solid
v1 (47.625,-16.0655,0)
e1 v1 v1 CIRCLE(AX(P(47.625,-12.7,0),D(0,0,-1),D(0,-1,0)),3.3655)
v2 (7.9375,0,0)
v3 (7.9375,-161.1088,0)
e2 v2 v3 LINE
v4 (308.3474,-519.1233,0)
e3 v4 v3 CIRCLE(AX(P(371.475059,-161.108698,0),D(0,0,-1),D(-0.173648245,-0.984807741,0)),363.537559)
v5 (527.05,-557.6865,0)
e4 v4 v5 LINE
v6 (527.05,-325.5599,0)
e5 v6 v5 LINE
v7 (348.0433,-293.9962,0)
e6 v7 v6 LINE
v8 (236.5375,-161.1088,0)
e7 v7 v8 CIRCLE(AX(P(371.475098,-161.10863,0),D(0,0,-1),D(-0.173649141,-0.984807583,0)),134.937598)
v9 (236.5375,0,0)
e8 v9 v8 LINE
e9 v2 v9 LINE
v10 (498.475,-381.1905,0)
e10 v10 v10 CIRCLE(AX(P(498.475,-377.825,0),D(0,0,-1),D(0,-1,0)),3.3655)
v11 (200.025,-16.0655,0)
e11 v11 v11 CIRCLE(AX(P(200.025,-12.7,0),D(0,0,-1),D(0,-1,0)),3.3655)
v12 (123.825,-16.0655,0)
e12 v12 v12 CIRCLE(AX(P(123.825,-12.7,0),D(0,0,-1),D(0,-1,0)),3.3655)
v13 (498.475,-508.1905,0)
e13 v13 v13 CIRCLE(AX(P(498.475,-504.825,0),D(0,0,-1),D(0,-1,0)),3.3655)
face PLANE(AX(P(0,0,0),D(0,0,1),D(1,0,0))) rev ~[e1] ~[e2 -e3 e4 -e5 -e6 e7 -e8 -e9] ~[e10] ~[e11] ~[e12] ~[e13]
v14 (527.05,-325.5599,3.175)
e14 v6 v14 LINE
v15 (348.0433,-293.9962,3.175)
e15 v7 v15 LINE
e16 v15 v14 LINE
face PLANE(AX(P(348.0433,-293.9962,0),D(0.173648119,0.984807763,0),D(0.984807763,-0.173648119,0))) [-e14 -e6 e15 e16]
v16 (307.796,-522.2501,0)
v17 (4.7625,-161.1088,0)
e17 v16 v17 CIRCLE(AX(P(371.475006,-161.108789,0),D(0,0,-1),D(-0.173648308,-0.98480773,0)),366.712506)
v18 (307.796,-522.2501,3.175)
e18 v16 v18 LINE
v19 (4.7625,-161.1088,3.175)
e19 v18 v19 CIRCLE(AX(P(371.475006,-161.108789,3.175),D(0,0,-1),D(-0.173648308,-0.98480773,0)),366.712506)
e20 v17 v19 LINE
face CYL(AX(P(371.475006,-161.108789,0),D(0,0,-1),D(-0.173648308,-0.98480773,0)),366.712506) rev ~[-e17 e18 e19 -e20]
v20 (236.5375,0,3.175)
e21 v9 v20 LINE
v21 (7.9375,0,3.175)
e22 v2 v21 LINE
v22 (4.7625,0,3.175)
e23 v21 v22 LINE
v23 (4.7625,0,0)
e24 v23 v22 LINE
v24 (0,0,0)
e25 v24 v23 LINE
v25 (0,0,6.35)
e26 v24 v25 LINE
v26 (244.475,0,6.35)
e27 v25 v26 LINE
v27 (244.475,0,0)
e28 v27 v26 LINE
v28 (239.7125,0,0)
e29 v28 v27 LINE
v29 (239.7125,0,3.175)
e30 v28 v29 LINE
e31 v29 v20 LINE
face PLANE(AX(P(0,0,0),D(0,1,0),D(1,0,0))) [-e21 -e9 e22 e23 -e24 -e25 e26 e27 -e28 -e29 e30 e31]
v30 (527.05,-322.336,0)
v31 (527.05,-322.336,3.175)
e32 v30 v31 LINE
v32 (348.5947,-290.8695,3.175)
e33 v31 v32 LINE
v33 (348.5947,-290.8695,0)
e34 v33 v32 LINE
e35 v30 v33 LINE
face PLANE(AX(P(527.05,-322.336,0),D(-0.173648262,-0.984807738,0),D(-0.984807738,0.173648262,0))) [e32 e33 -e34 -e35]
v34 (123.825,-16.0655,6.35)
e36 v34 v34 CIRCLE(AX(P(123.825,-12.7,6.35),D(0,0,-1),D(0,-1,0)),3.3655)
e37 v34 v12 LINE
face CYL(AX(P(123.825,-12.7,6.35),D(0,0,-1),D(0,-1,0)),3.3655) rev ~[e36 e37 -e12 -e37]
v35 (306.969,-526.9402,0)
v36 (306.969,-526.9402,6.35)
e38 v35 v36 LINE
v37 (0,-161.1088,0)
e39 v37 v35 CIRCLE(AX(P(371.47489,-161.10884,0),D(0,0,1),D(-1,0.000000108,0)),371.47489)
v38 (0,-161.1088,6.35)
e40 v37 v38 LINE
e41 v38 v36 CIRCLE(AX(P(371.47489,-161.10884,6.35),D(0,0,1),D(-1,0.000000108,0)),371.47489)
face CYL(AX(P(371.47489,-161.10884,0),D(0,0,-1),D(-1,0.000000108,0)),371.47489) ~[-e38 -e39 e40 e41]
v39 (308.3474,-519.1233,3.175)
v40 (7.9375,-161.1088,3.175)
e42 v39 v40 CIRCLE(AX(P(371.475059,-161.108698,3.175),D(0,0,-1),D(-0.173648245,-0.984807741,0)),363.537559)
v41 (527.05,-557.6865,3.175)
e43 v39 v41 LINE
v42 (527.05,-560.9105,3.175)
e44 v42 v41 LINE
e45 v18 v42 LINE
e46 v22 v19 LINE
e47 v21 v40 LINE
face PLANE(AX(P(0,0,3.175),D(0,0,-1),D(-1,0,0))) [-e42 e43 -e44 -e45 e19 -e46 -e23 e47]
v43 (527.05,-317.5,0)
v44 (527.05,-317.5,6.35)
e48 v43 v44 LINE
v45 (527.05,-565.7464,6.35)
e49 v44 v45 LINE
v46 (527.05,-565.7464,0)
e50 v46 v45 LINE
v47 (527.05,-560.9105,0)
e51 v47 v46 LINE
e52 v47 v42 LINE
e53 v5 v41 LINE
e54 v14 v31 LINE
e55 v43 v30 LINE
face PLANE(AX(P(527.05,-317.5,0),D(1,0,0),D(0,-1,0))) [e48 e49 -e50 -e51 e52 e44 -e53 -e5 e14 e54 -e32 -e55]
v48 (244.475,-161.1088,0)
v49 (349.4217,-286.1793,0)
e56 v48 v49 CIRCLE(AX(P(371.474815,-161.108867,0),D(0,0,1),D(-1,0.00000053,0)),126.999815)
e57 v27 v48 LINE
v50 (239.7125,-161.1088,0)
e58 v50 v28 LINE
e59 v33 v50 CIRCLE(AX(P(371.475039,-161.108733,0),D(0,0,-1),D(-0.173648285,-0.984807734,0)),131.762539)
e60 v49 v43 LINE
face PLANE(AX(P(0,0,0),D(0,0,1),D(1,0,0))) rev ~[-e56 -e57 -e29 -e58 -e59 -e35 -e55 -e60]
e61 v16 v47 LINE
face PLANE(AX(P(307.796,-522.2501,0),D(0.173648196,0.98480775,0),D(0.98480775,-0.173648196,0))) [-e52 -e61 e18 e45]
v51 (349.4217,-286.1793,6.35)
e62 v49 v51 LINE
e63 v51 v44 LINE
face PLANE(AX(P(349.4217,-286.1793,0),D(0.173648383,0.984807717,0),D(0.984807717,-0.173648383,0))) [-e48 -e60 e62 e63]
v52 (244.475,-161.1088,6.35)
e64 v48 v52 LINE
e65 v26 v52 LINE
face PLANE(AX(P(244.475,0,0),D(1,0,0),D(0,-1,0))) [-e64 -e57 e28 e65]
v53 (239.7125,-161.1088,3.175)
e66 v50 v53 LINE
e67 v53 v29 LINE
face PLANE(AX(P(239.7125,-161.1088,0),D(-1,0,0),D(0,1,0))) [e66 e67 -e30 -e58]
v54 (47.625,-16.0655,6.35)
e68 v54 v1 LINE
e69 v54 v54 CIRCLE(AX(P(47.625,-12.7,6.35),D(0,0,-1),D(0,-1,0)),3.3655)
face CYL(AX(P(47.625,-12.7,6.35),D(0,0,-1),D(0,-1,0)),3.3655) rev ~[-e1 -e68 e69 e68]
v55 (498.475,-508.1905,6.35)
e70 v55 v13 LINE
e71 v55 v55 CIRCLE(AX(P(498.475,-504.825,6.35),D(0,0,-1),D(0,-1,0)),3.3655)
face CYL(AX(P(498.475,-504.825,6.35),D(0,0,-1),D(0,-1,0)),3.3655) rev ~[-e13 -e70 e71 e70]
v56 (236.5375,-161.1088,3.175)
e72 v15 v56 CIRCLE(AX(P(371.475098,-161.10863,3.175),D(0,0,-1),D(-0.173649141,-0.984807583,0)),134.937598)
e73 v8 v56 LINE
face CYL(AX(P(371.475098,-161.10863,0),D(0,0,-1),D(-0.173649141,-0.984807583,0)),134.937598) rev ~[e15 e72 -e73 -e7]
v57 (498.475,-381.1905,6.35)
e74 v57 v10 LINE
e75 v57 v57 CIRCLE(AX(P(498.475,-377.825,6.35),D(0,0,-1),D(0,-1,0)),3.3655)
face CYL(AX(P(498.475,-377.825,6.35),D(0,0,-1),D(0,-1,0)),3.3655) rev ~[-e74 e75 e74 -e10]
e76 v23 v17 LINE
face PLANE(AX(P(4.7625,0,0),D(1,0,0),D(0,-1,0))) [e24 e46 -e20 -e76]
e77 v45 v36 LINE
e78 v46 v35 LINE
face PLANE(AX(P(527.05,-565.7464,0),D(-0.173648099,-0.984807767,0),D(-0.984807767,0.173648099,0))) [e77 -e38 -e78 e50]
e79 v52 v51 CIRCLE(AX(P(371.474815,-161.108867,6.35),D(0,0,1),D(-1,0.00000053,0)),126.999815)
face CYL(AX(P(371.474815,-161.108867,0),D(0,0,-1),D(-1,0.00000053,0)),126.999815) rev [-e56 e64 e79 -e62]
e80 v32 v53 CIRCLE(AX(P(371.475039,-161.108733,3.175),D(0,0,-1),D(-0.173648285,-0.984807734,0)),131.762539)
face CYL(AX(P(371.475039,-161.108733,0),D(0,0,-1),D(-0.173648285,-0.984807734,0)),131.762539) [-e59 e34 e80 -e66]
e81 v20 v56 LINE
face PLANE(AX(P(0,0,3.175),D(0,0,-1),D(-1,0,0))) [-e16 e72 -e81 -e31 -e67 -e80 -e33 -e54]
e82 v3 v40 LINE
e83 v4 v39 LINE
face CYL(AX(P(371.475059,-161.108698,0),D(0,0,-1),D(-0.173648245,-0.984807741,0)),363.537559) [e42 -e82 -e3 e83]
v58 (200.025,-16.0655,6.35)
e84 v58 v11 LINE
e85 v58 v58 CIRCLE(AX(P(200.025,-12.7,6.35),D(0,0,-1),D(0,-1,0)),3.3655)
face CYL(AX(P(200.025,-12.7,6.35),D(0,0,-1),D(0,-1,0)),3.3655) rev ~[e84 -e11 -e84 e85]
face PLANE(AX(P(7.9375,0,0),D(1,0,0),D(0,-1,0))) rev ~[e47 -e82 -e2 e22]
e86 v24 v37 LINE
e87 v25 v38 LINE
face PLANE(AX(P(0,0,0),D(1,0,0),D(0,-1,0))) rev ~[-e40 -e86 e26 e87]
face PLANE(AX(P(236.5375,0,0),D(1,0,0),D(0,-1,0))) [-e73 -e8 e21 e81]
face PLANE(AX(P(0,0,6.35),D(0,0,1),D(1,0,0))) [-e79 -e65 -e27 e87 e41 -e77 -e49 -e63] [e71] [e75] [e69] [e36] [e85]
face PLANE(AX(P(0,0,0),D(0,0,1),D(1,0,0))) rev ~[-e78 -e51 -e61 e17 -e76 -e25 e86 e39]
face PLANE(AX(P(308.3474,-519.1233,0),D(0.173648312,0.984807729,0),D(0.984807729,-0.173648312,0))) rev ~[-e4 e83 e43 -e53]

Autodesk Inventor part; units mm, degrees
ref_plane "YZ Plane" through (0, 0, 0) normal (1, 0, 0) x (0, 1, 0)
ref_plane "XZ Plane" through (0, 0, 0) normal (0, 1, 0) x (-1, 0, 0)
ref_plane "XY Plane" through (0, 0, 0) normal (0, 0, 1) x (1, 0, 0)
sketch "Sketch1" plane through (0, 0, 0) normal (0, 0, 1) x (1, 0, 0)
  line L0 (0, 0) -> (0, -161.1088)
  line L1 (0, 0) -> (244.475, 0)
  line L2 (244.475, 0) -> (244.475, -161.1088)
  line L3 (349.4217, -286.1793) -> (527.05, -317.5)
  line L4 (527.05, -317.5) -> (527.05, -565.7464)
  line L5 (527.05, -565.7464) -> (306.969, -526.9402)
  arc A0 (244.475, -161.1088) -> (349.4217, -286.1793) centre (371.475, -161.1088) ccw
  arc A1 (0, -161.1088) -> (306.969, -526.9402) centre (371.475, -161.1088) ccw
  dimension "d0" = 244.475
  dimension "d1" = 244.475
  dimension "d2" = 100
  dimension "d3" = 127
  dimension "d4" = 371.475
  dimension "d5" = 317.5
  dimension "d6" = 527.05
extrude "Extrusion1" add sketch "Sketch1" along normal blind 6.35
sketch "Sketch3" plane through (0, 0, 0) normal (0, 0, -1) x (-1, 0, 0)
  line L0 (0, 0) -> (0, -161.1088) projected
  line L1 (-244.475, 0) -> (0, 0) projected
  line L2 (-244.475, -161.1088) -> (-244.475, 0) projected
  arc A0 (-349.4217, -286.1793) -> (-244.475, -161.1088) centre (-371.475, -161.1088) ccw projected
  line L3 (-527.05, -317.5) -> (-349.4217, -286.1793) projected
  line L4 (-527.05, -565.7464) -> (-527.05, -317.5) projected
  line L5 (-306.969, -526.9402) -> (-527.05, -565.7464) projected
  arc A1 (-306.969, -526.9402) -> (0, -161.1088) centre (-371.475, -161.1088) ccw projected
  line L6 (-4.7625, 0) -> (-4.7625, -161.1088)
  arc A2 (-307.796, -522.2501) -> (-4.7625, -161.1088) centre (-371.475, -161.1088) ccw
  line L7 (-307.796, -522.2501) -> (-527.05, -560.9105)
  line L8 (-527.05, -322.336) -> (-348.5947, -290.8695)
  arc A3 (-348.5947, -290.8695) -> (-239.7125, -161.1088) centre (-371.475, -161.1088) ccw
  line L9 (-239.7125, -161.1088) -> (-239.7125, 0)
  line L10 (-236.5375, 0) -> (-236.5375, -161.1088)
  arc A4 (-348.0433, -293.9962) -> (-236.5375, -161.1088) centre (-371.475, -161.1088) ccw
  line L11 (-348.0433, -293.9962) -> (-527.05, -325.5599)
  line L12 (-7.9375, 0) -> (-7.9375, -161.1088)
  arc A5 (-308.3474, -519.1233) -> (-7.9375, -161.1088) centre (-371.475, -161.1088) ccw
  line L13 (-308.3474, -519.1233) -> (-527.05, -557.6865)
  line L14 (-239.7125, 0) -> (-236.5375, 0)
  line L15 (-4.7625, 0) -> (-7.9375, 0)
  line L16 (-527.05, -322.336) -> (-527.05, -325.5599)
  line L17 (-527.05, -560.9105) -> (-527.05, -557.6865)
  dimension "d21" = 4.7625
  dimension "d23" = 4.7625
  dimension "d24" = 4.7625
  dimension "d25" = 4.7625
  dimension "d26" = 4.7625
  dimension "d27" = 4.7625
  dimension "d28" = 3.175
  dimension "d29" = 3.175
  dimension "d30" = 3.175
  dimension "d31" = 3.175
extrude "Extrusion3" cut sketch "Sketch3" against normal blind 3.175 contours L6 A2 L7 L4 L13 A5 L12 L1 | L10 A4 L11 L4 L8 A3 L9 L1
hole "Hole1" at (498.475, -377.825, 6.35) direction (0, 0, -1) diameter 6.731 depth 25.4 tip angle 118
pattern_linear "Rectangular Pattern1" count 2 spacing 127 along (0, -1, 0) of "Hole1"
hole "Hole2" at (200.025, -12.7, 6.35) direction (0, 0, -1) diameter 6.731 depth 25.4 tip angle 118
pattern_linear "Rectangular Pattern2" count 3 spacing 76.2 along (-1, 0, 0) of "Hole2"
equation "\"d1\" = d0"
equation "\"d4\" = d3 + d0"
equation "\"d23\" = d21"
equation "\"d24\" = d21"
equation "\"d25\" = d21"
equation "\"d26\" = d21"
equation "\"d27\" = d21"
properties part number "GE-12071-01"
